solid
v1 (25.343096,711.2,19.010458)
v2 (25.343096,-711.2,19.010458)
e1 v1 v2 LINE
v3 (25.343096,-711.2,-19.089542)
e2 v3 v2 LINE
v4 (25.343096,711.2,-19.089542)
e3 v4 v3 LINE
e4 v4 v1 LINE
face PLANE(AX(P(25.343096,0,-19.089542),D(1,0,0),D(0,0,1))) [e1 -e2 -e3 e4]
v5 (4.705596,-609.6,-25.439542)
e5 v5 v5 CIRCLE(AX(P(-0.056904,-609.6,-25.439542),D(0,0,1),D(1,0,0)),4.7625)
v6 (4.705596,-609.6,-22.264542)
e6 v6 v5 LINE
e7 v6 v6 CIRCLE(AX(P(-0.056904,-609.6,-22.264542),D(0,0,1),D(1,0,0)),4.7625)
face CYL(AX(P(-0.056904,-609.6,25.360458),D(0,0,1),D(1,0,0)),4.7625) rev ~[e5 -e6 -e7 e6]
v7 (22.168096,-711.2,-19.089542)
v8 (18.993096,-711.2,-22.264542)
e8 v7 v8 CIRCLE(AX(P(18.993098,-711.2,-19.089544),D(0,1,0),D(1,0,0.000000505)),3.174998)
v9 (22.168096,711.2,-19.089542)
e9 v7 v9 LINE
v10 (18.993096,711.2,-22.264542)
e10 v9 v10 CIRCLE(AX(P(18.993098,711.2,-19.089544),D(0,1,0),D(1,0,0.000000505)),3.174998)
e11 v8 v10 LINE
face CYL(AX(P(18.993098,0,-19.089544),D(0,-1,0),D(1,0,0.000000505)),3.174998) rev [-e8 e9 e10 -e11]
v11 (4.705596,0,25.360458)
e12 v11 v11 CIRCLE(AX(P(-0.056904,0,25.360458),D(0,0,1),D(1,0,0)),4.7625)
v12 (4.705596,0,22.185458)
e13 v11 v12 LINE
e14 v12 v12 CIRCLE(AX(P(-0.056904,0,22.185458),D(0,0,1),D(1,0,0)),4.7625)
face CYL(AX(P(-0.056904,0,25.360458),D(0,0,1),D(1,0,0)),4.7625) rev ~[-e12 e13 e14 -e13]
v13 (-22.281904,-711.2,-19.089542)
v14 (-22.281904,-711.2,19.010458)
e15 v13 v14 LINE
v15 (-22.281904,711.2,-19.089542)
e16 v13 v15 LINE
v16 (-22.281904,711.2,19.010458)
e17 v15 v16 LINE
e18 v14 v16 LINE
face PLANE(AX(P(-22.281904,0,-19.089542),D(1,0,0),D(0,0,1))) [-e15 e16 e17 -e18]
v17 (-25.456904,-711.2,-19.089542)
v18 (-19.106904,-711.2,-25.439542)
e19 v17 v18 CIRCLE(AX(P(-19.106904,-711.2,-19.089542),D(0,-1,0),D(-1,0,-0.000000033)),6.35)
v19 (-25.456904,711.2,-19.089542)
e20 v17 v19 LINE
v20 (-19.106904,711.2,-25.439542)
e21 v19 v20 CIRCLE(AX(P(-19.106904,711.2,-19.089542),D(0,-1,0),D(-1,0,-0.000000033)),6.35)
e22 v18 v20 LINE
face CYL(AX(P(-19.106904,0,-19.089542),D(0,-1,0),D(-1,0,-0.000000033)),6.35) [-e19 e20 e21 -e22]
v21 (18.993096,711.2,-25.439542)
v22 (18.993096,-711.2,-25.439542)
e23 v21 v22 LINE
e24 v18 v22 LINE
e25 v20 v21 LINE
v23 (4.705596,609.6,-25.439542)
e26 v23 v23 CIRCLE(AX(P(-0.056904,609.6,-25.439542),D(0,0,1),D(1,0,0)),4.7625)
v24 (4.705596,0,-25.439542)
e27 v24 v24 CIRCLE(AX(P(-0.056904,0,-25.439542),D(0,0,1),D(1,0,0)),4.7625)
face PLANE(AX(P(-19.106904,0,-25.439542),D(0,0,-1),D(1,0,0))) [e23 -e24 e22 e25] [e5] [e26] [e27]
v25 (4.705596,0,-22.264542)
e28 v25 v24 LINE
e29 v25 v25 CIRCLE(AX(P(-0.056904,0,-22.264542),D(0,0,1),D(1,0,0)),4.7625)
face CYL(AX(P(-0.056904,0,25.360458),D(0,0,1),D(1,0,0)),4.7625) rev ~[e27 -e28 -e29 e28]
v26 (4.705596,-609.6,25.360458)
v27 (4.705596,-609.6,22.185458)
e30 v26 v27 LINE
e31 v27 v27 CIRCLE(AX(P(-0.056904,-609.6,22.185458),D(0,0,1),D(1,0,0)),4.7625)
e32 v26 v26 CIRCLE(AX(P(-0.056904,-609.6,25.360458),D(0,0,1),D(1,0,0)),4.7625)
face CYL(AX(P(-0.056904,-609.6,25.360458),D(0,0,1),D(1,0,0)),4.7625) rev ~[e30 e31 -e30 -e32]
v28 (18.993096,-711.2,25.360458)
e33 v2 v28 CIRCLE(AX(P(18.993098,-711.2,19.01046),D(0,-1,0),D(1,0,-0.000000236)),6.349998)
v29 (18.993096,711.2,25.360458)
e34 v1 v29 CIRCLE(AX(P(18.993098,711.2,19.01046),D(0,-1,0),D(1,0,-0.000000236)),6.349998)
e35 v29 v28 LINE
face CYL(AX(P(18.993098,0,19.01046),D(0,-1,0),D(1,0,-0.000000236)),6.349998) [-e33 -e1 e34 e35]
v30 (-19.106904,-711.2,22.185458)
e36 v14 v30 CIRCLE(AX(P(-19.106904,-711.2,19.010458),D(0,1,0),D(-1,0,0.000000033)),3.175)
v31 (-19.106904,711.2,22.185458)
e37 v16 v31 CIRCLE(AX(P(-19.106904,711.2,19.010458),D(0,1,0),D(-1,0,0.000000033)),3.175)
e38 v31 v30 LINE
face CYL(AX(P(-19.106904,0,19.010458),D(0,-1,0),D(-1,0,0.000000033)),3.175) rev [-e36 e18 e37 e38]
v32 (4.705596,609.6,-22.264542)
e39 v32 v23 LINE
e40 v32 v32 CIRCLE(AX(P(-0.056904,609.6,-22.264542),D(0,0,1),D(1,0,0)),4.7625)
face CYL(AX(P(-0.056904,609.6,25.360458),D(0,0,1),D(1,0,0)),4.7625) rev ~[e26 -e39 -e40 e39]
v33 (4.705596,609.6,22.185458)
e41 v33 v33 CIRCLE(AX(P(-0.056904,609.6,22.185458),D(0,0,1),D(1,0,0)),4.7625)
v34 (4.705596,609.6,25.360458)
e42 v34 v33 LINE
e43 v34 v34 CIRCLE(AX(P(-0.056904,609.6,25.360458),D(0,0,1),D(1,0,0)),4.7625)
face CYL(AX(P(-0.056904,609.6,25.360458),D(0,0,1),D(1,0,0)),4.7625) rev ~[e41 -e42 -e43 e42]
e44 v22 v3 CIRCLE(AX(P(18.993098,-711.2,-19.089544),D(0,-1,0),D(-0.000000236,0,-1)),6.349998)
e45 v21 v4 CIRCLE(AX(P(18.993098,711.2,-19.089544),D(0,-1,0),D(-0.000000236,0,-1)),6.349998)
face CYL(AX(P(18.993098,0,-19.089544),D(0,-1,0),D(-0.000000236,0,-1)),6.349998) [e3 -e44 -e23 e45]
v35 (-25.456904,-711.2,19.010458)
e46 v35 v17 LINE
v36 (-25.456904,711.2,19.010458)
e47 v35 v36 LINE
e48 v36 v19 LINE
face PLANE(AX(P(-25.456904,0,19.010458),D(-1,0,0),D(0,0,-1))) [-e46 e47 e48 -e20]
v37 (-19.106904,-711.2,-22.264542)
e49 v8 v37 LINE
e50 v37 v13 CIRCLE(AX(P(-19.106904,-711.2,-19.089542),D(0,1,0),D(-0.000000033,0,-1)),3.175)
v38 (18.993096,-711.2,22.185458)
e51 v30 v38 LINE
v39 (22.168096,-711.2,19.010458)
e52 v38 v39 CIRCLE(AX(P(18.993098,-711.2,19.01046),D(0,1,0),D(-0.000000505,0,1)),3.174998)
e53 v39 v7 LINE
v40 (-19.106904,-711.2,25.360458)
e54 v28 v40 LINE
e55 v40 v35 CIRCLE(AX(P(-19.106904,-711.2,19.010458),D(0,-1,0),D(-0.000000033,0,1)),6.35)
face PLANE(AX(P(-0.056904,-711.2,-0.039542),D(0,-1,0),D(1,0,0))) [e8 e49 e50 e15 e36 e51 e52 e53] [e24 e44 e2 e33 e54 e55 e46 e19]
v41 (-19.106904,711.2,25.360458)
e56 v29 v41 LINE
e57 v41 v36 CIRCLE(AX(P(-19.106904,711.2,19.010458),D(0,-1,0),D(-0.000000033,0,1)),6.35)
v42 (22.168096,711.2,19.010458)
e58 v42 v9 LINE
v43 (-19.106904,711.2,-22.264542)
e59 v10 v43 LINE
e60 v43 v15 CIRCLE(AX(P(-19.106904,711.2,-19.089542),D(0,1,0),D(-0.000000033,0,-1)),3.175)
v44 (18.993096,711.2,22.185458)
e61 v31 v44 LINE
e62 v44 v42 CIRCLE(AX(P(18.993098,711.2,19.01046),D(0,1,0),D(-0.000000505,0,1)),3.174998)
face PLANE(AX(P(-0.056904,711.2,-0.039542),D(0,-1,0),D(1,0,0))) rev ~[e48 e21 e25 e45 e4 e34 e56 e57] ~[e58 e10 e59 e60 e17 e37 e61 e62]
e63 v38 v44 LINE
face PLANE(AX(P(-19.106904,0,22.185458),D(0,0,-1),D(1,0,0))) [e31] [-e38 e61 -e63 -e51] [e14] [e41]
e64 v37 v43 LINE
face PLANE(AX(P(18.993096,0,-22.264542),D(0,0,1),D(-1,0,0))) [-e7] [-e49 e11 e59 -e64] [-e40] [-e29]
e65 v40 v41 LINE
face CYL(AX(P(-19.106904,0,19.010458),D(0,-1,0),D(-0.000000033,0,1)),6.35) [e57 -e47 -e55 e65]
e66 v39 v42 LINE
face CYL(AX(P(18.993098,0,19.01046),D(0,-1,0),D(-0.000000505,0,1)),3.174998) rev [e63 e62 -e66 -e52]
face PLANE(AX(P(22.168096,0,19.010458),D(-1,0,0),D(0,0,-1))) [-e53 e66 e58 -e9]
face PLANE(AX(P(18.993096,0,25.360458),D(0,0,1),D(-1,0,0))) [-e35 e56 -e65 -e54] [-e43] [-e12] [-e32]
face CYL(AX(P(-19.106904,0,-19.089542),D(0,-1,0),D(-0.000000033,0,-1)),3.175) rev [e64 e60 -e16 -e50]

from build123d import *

# Parameters (mm, degrees)
F1_DEPTH = 711.2
F2_R     = 4.7625
F3_DEPTH = 50.801


with BuildPart() as f1:
    # F0 (on Front) → F1 (new body, symmetric)
    with BuildSketch(Plane.XZ):
        with BuildLine():
            Line((-19.106904, -25.439542), (18.993096, -25.439542))
            ThreePointArc((18.993096, -25.439542), (23.483225, -23.57967), (25.343096, -19.089542))
            Line((25.343096, -19.089542), (25.343096, 19.010458))
            ThreePointArc((25.343096, 19.010458), (23.483225, 23.500586), (18.993096, 25.360458))
            Line((18.993096, 25.360458), (-19.106904, 25.360458))
            ThreePointArc((-19.106904, 25.360458), (-23.597032, 23.500586), (-25.456904, 19.010458))
            Line((-25.456904, 19.010458), (-25.456904, -19.089542))
            ThreePointArc((-25.456904, -19.089542), (-23.597032, -23.57967), (-19.106904, -25.439542))
        make_face()
        with BuildLine():
            Line((-19.106904, 22.185458), (18.993096, 22.185458))
            ThreePointArc((18.993096, 22.185458), (21.238161, 21.255522), (22.168096, 19.010458))
            Line((22.168096, 19.010458), (22.168096, -19.089542))
            ThreePointArc((22.168096, -19.089542), (21.238161, -21.334606), (18.993096, -22.264542))
            Line((18.993096, -22.264542), (-19.106904, -22.264542))
            ThreePointArc((-19.106904, -22.264542), (-21.351968, -21.334606), (-22.281904, -19.089542))
            Line((-22.281904, -19.089542), (-22.281904, 19.010458))
            ThreePointArc((-22.281904, 19.010458), (-21.351968, 21.255522), (-19.106904, 22.185458))
        make_face(mode=Mode.SUBTRACT)
    extrude(amount=F1_DEPTH, both=True)

    # F2 (on face) → F3 (cut, through all)
    with BuildSketch(Plane.XY.offset(25.360458)):
        with Locations((-0.056904, -609.6)):
            Circle(F2_R)
        with Locations((-0.056904, 0)):
            Circle(F2_R)
        with Locations((-0.056904, 609.6)):
            Circle(F2_R)
    extrude(amount=-F3_DEPTH, mode=Mode.SUBTRACT)


solid = f1.part
